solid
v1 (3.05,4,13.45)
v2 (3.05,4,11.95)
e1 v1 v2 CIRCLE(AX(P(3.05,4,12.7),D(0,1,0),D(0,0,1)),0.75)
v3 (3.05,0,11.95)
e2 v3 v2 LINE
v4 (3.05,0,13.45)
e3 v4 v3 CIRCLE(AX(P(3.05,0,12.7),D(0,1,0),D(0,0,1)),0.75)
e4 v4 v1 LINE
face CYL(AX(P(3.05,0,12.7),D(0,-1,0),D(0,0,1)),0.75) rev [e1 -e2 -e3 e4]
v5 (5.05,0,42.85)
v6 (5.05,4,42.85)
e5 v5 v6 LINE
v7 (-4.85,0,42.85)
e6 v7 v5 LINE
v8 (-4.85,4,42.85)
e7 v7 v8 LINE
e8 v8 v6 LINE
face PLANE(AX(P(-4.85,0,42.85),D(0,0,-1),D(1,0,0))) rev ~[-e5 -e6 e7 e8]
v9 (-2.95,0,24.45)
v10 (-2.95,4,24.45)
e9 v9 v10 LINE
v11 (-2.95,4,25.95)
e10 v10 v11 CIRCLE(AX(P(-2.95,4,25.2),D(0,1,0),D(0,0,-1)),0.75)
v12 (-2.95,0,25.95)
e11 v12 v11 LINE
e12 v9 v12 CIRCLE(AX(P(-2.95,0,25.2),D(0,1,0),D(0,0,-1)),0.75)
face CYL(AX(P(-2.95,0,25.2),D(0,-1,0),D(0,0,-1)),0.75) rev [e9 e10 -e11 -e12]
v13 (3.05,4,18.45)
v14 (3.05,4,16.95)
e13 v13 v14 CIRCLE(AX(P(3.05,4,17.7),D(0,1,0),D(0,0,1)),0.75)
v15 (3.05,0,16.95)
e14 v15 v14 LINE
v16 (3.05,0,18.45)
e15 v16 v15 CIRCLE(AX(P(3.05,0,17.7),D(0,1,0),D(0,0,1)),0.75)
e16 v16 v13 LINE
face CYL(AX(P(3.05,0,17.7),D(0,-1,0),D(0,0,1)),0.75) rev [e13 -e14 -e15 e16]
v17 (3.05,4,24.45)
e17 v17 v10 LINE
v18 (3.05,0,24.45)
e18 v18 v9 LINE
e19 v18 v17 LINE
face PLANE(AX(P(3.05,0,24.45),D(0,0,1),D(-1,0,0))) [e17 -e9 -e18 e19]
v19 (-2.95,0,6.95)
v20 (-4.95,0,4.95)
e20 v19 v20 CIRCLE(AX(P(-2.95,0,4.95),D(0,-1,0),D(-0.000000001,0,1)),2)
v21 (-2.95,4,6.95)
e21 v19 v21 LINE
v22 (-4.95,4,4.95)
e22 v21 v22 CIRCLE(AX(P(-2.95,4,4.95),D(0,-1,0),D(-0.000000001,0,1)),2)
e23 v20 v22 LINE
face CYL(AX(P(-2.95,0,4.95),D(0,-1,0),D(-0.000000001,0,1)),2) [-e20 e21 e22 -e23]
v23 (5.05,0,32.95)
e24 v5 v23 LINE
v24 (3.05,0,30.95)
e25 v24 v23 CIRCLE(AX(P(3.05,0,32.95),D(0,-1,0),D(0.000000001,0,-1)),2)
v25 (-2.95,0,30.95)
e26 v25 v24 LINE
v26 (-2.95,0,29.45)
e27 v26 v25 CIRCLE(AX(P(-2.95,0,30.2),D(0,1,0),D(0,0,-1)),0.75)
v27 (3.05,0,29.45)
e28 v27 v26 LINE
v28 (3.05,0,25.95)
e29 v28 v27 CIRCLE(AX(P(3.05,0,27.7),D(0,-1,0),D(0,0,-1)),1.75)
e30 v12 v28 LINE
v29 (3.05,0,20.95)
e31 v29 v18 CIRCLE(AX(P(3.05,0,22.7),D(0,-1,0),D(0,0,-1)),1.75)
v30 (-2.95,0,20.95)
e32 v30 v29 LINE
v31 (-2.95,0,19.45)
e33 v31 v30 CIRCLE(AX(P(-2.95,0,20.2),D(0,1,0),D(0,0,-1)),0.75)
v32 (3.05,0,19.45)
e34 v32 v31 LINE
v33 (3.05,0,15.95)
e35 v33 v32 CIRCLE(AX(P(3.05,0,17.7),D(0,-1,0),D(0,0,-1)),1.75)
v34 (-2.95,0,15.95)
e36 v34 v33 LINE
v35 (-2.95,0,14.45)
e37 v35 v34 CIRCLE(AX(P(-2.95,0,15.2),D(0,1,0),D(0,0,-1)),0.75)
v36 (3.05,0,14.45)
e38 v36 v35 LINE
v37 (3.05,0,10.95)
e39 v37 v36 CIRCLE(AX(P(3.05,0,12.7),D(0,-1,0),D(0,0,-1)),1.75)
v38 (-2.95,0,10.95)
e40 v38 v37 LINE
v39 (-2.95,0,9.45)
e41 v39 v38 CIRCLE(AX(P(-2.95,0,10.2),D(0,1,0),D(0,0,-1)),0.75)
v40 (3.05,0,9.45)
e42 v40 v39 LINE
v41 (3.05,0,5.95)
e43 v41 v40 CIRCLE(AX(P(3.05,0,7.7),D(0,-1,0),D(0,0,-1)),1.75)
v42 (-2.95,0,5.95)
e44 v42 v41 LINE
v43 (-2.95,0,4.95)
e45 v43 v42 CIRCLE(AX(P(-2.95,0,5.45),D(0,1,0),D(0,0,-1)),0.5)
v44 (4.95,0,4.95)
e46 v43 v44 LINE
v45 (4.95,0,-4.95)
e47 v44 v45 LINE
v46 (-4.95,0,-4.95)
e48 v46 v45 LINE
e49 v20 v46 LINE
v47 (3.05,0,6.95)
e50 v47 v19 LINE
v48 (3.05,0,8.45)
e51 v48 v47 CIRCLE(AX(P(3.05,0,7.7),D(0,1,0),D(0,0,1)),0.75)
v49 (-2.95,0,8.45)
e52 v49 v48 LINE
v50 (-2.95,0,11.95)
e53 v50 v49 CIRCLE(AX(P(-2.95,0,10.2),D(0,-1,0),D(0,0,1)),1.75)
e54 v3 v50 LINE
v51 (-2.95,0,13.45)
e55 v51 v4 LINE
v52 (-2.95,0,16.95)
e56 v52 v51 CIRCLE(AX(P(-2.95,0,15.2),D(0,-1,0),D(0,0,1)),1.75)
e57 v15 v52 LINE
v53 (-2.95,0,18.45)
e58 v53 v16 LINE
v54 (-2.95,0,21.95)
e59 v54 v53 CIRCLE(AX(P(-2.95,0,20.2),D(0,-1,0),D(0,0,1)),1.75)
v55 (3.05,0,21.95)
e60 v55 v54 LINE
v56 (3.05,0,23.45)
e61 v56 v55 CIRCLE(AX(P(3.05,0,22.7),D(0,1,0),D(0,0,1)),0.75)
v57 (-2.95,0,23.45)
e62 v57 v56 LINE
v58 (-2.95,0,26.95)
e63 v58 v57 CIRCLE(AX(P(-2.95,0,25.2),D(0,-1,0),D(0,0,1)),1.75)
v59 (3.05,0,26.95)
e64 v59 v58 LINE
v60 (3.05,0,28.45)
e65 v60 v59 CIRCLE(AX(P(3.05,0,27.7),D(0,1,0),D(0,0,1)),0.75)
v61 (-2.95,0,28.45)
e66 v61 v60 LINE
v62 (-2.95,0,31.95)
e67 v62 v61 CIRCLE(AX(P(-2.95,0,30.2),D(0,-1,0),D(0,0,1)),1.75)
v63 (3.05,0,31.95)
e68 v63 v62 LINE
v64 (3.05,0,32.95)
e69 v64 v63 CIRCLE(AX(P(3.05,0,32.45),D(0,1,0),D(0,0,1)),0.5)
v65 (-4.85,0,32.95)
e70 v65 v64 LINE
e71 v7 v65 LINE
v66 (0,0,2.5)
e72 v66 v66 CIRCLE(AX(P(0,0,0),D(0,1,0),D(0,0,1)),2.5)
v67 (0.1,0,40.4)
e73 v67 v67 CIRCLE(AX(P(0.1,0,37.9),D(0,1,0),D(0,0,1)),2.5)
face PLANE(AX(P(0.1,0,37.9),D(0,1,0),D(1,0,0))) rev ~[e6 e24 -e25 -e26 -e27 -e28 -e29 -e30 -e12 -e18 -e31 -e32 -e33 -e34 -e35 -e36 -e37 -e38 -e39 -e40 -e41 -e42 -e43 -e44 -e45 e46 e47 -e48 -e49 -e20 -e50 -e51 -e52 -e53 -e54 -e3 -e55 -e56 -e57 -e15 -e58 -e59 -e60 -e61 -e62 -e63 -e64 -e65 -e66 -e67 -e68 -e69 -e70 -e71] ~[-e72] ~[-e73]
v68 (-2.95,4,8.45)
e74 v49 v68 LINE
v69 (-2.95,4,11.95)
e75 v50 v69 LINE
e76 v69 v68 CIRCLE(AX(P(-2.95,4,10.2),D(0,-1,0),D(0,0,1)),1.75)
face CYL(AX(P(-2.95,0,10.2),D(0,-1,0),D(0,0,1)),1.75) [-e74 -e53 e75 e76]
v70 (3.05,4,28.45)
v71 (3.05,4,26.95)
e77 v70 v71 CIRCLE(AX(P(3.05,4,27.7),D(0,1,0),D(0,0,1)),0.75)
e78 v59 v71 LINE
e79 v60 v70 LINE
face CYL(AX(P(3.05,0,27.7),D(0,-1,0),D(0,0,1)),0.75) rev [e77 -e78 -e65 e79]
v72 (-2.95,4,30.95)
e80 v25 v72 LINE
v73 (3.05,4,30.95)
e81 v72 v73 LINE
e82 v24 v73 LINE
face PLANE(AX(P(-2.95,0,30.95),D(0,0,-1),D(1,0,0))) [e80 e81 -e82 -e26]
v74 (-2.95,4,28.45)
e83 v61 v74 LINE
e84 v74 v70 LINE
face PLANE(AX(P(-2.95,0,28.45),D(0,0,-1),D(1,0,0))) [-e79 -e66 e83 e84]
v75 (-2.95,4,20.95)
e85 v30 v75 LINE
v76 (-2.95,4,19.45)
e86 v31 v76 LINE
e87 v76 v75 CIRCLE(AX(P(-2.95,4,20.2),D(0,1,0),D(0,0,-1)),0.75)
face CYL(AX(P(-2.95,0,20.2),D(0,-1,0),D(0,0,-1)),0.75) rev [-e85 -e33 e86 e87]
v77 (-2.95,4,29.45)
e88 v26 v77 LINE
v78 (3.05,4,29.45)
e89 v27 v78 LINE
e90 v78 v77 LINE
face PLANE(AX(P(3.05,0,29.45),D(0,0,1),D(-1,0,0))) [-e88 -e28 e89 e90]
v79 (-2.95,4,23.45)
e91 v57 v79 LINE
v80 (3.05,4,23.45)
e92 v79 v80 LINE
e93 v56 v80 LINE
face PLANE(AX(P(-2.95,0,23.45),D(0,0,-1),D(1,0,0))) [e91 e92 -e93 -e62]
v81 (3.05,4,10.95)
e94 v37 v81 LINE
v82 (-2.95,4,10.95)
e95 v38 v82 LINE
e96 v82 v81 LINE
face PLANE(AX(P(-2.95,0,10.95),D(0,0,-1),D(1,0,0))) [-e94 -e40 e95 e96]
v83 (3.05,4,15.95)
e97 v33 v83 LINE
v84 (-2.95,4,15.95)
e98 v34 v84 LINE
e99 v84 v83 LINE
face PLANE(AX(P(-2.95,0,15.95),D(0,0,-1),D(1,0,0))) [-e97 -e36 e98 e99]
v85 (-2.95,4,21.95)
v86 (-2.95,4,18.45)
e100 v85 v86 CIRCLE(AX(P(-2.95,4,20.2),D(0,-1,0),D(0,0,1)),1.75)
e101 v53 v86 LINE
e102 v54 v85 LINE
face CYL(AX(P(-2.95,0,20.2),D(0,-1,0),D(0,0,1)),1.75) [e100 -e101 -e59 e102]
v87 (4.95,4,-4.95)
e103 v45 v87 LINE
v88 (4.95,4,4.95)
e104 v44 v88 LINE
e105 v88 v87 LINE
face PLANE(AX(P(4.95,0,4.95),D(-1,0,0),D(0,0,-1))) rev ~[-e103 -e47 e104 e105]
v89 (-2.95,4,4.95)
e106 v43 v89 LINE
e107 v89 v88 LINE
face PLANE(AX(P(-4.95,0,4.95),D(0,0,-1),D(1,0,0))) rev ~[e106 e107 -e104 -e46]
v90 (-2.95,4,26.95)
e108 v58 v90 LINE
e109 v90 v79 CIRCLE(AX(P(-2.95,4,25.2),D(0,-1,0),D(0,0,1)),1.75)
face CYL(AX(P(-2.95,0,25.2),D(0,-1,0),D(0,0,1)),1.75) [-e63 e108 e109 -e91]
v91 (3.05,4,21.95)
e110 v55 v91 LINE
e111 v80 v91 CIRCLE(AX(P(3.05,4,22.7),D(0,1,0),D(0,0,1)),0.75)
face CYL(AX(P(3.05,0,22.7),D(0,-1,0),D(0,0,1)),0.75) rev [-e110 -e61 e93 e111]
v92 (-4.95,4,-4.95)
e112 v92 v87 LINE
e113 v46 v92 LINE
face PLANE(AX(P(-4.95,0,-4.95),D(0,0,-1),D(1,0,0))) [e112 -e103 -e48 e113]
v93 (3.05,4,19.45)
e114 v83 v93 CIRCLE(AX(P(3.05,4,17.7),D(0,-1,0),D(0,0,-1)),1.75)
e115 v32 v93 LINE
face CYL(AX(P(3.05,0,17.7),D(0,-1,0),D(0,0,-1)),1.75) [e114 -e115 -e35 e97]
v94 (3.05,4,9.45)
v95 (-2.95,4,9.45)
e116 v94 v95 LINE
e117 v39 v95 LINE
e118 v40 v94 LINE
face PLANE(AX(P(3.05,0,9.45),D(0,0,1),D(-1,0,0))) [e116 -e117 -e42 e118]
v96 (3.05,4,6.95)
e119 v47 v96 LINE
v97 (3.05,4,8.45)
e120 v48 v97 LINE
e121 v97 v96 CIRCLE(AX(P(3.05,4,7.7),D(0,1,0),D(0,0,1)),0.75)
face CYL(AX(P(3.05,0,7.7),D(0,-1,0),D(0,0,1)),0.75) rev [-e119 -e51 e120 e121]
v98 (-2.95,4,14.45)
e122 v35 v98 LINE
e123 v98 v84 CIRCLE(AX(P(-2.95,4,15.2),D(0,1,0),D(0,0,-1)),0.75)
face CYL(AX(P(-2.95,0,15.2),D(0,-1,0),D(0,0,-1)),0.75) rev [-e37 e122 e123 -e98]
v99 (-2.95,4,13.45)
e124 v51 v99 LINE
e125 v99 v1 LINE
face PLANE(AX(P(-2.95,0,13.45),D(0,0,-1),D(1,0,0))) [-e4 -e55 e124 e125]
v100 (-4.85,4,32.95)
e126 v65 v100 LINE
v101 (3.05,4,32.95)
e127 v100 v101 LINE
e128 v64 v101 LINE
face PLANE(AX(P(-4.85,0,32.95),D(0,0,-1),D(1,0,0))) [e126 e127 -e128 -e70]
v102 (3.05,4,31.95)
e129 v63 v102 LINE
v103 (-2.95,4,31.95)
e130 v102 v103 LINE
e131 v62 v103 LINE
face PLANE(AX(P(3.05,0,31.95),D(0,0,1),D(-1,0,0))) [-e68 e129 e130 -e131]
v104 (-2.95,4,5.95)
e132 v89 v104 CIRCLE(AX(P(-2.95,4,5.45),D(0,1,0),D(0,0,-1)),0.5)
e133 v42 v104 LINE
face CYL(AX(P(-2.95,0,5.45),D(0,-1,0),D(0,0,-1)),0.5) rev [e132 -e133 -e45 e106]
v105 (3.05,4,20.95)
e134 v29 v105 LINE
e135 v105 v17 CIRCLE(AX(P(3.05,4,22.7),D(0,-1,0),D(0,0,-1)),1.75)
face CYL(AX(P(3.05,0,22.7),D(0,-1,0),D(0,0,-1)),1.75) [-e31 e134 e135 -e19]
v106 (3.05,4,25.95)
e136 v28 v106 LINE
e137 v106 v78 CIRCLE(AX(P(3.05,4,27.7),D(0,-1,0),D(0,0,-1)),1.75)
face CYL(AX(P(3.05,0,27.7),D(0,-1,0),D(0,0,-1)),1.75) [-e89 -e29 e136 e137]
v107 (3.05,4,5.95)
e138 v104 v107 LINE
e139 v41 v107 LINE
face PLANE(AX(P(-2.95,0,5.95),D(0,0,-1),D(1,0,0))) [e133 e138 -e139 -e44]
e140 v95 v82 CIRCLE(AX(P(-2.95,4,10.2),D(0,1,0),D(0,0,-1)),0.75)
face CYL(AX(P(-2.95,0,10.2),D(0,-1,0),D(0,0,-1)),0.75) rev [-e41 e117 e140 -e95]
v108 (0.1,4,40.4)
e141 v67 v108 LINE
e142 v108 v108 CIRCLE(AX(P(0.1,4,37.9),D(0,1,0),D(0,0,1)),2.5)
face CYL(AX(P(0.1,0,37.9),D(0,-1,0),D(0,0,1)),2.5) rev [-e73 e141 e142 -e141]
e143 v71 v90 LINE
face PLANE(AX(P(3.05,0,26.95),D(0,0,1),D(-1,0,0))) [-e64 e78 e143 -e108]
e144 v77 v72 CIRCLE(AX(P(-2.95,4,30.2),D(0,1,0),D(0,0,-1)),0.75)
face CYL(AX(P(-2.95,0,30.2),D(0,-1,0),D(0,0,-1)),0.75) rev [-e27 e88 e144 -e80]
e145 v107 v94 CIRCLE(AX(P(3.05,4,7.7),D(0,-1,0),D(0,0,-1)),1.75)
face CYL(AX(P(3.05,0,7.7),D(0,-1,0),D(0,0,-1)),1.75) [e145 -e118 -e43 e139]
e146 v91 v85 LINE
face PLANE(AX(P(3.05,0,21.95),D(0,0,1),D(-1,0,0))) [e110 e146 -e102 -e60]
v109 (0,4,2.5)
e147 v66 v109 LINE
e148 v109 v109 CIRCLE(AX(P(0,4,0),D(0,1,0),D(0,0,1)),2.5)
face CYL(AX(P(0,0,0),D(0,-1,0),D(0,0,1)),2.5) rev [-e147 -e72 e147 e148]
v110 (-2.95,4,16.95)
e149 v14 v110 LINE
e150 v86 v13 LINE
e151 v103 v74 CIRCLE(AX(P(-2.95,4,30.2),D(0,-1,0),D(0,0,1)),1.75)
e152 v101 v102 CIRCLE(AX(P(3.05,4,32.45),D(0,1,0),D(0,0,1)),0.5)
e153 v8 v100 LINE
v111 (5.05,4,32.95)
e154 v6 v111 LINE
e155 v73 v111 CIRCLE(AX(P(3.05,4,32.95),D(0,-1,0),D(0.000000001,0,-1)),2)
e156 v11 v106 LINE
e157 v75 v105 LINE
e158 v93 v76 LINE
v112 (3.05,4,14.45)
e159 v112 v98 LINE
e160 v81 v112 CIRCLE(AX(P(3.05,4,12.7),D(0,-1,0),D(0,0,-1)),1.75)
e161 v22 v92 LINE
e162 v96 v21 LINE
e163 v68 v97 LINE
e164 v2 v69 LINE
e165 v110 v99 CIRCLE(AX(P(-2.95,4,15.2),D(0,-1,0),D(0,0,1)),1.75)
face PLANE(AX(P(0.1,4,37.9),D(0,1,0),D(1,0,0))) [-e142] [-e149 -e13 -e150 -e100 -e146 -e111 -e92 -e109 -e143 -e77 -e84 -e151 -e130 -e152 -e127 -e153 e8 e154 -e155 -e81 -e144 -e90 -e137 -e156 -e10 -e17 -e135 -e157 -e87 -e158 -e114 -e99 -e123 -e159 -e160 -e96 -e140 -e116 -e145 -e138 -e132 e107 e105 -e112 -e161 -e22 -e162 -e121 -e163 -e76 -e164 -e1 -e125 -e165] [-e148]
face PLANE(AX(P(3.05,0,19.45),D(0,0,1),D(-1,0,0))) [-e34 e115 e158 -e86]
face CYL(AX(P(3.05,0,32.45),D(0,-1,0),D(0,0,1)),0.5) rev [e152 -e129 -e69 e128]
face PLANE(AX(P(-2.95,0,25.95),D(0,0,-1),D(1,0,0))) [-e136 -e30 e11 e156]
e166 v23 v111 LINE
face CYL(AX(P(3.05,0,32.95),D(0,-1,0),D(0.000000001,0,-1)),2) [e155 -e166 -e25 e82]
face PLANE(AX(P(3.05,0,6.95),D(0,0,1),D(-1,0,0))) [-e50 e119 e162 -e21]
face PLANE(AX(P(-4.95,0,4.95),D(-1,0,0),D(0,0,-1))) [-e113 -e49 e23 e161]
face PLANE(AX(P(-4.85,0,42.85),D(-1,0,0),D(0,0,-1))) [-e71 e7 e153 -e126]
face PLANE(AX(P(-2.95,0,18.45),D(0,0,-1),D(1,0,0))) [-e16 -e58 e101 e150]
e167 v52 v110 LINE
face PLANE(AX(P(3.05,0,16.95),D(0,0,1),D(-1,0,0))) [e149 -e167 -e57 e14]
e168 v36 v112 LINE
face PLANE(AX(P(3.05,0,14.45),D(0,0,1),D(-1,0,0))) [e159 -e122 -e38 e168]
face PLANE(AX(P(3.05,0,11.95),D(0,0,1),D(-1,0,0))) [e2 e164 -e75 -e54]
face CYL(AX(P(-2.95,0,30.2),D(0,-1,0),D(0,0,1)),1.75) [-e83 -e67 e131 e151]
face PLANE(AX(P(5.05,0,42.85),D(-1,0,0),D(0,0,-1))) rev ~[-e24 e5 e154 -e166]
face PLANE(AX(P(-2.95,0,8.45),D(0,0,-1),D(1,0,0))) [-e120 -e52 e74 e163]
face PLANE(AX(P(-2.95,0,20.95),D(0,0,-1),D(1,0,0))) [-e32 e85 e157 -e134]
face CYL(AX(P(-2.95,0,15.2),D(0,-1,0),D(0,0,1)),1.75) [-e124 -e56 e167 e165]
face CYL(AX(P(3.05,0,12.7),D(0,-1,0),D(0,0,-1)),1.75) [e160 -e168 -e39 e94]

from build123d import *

# Parameters (mm, degrees)
SKETCH_1_W      = 9.9
SKETCH_1_H      = 9.9
SKETCH_1_R      = 2.5
EXTRUDE_1_DEPTH = 4
EXTRUDE_2_DEPTH = 4
SKETCH_3_W      = 9.9
SKETCH_3_H      = 9.9
SKETCH_3_R      = 2.5
EXTRUDE_3_DEPTH = 4


with BuildPart() as part:
    # 草图1 → 凸台-拉伸1 (new body)
    with BuildSketch(Plane(origin=(0, 0, 0), x_dir=(1, 0, 0), z_dir=(0, 1, 0))):
        Rectangle(SKETCH_1_W, SKETCH_1_H)
        with Locations(Location((0, 0, 0), (0, 0, 270))):
            Circle(SKETCH_1_R, mode=Mode.SUBTRACT)
    extrude(amount=EXTRUDE_1_DEPTH)

    # 草图2 → 凸台-拉伸2 (add)
    with BuildSketch(Plane(origin=(0, 0, 0), x_dir=(1, 0, 0), z_dir=(0, 1, 0))):
        with BuildLine():
            Line((3.05, -6.95), (-2.95, -6.95))
            ThreePointArc((-2.95, -6.95), (-4.364213562, -6.364213562), (-4.95, -4.95))
            Line((-4.95, -4.95), (-2.95, -4.95))
            ThreePointArc((-2.95, -4.95), (-3.45, -5.45), (-2.95, -5.95))
            Line((-2.95, -5.95), (3.05, -5.95))
            ThreePointArc((3.05, -5.95), (4.8, -7.7), (3.05, -9.45))
            Line((3.05, -9.45), (-2.95, -9.45))
            ThreePointArc((-2.95, -9.45), (-3.7, -10.2), (-2.95, -10.95))
            Line((-2.95, -10.95), (3.05, -10.95))
            ThreePointArc((3.05, -10.95), (4.8, -12.7), (3.05, -14.45))
            Line((3.05, -14.45), (-2.95, -14.45))
            ThreePointArc((-2.95, -14.45), (-3.7, -15.2), (-2.95, -15.95))
            Line((-2.95, -15.95), (3.05, -15.95))
            ThreePointArc((3.05, -15.95), (4.8, -17.7), (3.05, -19.45))
            Line((3.05, -19.45), (-2.95, -19.45))
            ThreePointArc((-2.95, -19.45), (-3.7, -20.2), (-2.95, -20.95))
            Line((-2.95, -20.95), (3.05, -20.95))
            ThreePointArc((3.05, -20.95), (4.8, -22.7), (3.05, -24.45))
            Line((3.05, -24.45), (-2.95, -24.45))
            ThreePointArc((-2.95, -24.45), (-3.7, -25.2), (-2.95, -25.95))
            Line((-2.95, -25.95), (3.05, -25.95))
            ThreePointArc((3.05, -25.95), (4.8, -27.7), (3.05, -29.45))
            Line((3.05, -29.45), (-2.95, -29.45))
            ThreePointArc((-2.95, -29.45), (-3.7, -30.2), (-2.95, -30.95))
            Line((-2.95, -30.95), (3.05, -30.95))
            ThreePointArc((3.05, -30.95), (4.464213562, -31.535786438), (5.05, -32.95))
            Line((5.05, -32.95), (3.05, -32.95))
            ThreePointArc((3.05, -32.95), (3.55, -32.45), (3.05, -31.95))
            Line((3.05, -31.95), (-2.95, -31.95))
            ThreePointArc((-2.95, -31.95), (-4.7, -30.2), (-2.95, -28.45))
            Line((-2.95, -28.45), (3.05, -28.45))
            ThreePointArc((3.05, -28.45), (3.8, -27.7), (3.05, -26.95))
            Line((3.05, -26.95), (-2.95, -26.95))
            ThreePointArc((-2.95, -26.95), (-4.7, -25.2), (-2.95, -23.45))
            Line((-2.95, -23.45), (3.05, -23.45))
            ThreePointArc((3.05, -23.45), (3.8, -22.7), (3.05, -21.95))
            Line((3.05, -21.95), (-2.95, -21.95))
            ThreePointArc((-2.95, -21.95), (-4.7, -20.2), (-2.95, -18.45))
            Line((-2.95, -18.45), (3.05, -18.45))
            ThreePointArc((3.05, -18.45), (3.8, -17.7), (3.05, -16.95))
            Line((3.05, -16.95), (-2.95, -16.95))
            ThreePointArc((-2.95, -16.95), (-4.7, -15.2), (-2.95, -13.45))
            Line((-2.95, -13.45), (3.05, -13.45))
            ThreePointArc((3.05, -13.45), (3.8, -12.7), (3.05, -11.95))
            Line((3.05, -11.95), (-2.95, -11.95))
            ThreePointArc((-2.95, -11.95), (-4.7, -10.2), (-2.95, -8.45))
            Line((-2.95, -8.45), (3.05, -8.45))
            ThreePointArc((3.05, -8.45), (3.8, -7.7), (3.05, -6.95))
        make_face()
    extrude(amount=EXTRUDE_2_DEPTH)

    # 草图3 → 凸台-拉伸3 (add)
    with BuildSketch(Plane(origin=(0, 0, 0), x_dir=(1, 0, 0), z_dir=(0, 1, 0))):
        with Locations((0.1, -37.9)):
            Rectangle(SKETCH_3_W, SKETCH_3_H)
        with Locations(Location((0.1, -37.9, 0), (0, 0, 270))):
            Circle(SKETCH_3_R, mode=Mode.SUBTRACT)
    extrude(amount=EXTRUDE_3_DEPTH)


solid = part.part
